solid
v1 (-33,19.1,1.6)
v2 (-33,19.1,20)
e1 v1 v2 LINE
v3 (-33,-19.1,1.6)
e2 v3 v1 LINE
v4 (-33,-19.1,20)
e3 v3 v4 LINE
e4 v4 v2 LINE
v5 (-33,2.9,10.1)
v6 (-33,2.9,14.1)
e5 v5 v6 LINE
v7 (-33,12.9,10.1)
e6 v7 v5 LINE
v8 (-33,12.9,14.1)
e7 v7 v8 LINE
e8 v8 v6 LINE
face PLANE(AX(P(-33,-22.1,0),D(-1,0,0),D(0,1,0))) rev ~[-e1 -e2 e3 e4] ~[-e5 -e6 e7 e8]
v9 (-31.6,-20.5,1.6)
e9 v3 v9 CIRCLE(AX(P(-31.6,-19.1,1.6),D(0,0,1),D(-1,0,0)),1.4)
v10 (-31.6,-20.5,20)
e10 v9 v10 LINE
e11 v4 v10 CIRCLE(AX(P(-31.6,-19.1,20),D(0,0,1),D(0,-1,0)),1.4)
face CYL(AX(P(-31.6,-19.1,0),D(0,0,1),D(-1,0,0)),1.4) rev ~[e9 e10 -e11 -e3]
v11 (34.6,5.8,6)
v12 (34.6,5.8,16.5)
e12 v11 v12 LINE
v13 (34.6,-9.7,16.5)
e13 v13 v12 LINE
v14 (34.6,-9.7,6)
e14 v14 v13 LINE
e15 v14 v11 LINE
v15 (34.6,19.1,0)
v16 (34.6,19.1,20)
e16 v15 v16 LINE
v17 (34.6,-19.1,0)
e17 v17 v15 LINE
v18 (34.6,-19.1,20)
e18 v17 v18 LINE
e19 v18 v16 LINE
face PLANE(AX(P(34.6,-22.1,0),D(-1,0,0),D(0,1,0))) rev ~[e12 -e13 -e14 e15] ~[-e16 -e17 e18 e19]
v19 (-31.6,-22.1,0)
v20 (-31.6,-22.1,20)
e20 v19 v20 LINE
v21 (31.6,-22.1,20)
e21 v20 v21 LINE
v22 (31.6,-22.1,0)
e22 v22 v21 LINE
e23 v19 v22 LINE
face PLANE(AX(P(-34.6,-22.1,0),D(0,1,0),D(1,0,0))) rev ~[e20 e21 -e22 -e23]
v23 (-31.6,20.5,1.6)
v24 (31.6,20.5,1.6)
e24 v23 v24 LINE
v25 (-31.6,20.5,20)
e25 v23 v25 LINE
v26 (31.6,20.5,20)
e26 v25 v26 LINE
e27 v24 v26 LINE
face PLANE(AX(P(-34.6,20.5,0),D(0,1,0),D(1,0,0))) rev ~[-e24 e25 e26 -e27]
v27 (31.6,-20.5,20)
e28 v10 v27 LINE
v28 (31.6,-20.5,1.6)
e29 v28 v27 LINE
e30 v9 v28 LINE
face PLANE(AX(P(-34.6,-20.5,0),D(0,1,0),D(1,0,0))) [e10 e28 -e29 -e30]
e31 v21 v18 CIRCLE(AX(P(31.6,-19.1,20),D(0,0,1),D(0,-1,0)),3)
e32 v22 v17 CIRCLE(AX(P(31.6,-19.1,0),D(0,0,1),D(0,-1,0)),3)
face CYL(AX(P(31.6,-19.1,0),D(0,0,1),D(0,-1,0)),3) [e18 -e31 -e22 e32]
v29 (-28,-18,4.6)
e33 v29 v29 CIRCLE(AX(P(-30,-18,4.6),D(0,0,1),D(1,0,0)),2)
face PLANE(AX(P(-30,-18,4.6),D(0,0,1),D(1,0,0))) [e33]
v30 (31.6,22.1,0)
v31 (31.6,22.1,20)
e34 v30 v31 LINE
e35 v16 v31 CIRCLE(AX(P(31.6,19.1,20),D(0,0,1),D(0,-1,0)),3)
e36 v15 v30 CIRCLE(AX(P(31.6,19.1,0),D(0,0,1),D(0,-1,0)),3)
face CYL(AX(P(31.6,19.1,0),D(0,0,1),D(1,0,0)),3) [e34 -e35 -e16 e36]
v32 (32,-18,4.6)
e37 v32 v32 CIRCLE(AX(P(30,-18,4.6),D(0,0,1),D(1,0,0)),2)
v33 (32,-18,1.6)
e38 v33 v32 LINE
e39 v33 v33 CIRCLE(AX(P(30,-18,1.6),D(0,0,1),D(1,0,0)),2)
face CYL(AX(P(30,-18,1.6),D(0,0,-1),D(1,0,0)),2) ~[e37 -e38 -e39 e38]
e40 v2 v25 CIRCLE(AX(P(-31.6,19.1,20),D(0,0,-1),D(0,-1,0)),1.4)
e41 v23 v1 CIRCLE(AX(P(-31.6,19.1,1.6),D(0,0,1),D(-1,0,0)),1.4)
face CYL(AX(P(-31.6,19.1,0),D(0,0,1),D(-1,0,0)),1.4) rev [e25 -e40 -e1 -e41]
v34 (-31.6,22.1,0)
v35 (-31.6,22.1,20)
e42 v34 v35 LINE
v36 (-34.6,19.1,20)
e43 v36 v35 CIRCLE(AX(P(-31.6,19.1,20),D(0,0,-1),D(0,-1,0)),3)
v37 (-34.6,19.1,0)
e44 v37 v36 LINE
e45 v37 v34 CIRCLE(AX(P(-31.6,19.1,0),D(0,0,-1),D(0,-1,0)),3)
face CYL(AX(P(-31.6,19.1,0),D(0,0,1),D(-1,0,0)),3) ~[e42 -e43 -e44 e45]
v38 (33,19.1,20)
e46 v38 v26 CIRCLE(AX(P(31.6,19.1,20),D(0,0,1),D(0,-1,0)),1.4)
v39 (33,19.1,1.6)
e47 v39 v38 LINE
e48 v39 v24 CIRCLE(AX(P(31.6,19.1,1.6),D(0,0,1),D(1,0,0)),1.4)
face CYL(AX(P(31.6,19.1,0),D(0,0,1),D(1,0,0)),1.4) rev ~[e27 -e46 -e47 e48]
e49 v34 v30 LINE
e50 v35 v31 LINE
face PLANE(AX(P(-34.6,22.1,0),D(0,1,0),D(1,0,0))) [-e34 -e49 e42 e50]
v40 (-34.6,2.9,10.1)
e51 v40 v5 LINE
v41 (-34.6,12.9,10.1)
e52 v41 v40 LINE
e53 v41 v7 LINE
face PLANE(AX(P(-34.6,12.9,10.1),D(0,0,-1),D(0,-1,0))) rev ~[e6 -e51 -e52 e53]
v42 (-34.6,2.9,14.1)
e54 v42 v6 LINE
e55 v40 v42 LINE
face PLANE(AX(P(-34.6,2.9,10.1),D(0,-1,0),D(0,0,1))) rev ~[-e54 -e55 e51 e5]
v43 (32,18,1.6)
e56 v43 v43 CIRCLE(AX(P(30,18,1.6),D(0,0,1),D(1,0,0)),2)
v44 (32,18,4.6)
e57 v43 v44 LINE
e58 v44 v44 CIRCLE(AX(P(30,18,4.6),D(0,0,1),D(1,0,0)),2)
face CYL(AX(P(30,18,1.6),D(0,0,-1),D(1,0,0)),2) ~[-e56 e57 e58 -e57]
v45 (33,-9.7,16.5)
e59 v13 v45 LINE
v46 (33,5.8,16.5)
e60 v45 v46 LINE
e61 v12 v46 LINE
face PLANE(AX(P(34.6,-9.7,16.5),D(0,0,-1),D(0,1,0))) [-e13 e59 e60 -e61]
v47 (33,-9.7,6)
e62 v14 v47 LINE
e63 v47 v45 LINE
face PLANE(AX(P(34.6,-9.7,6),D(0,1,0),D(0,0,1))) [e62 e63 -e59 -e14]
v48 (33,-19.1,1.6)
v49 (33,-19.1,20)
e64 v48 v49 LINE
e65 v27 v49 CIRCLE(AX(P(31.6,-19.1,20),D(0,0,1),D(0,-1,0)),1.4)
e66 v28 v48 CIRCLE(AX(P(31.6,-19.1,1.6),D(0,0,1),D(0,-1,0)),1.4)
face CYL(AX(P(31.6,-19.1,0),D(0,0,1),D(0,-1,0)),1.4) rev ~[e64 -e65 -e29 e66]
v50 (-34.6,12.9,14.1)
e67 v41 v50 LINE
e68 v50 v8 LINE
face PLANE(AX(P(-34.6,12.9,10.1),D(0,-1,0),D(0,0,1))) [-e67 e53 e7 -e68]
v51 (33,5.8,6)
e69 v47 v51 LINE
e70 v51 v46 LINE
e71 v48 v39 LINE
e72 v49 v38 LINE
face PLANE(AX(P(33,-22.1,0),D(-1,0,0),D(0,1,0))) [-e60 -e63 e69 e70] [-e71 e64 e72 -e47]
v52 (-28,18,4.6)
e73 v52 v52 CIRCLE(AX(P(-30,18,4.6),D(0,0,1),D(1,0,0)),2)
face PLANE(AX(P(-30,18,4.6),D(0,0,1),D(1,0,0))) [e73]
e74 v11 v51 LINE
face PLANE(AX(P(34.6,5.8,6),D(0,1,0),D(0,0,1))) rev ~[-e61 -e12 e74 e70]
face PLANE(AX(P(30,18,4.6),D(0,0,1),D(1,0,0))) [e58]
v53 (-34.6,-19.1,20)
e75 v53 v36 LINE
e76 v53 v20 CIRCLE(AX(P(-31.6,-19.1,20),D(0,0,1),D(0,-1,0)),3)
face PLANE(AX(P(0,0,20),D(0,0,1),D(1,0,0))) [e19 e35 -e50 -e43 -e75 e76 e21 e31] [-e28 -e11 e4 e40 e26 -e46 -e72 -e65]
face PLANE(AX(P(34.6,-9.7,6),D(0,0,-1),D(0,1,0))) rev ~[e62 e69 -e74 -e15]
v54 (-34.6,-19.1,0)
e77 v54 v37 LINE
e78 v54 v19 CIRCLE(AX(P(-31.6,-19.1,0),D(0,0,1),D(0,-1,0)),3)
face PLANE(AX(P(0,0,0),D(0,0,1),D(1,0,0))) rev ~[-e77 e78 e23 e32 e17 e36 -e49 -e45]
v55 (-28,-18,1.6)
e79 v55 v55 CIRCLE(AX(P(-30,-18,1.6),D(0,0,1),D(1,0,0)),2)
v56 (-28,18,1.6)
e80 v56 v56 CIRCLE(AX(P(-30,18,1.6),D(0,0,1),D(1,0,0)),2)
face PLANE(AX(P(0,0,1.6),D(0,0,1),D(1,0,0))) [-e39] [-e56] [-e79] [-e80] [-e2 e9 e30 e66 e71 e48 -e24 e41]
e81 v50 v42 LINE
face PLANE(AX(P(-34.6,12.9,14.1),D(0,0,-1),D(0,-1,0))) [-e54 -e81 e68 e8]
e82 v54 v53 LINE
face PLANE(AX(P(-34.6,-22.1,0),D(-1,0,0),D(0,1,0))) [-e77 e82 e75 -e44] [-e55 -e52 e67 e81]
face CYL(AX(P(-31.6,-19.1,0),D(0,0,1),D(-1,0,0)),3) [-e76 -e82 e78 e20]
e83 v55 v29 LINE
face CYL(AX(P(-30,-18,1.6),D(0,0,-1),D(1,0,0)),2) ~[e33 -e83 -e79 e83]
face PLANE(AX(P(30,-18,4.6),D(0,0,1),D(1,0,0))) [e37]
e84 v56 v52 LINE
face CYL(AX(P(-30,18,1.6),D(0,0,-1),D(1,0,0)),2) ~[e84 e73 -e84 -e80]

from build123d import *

# Parameters (mm, degrees)
F0_W     = 69.2
F0_H     = 44.2
F1_DEPTH = 20
F2_R     = 3
F3_T     = -1.6
F4_R     = 2
F5_DEPTH = 3
F6_W     = 15.5
F6_H     = 10.5
F7_DEPTH = 1.6
F8_W     = 10
F8_H     = 4
F9_DEPTH = 1.6


with BuildPart() as f1:
    # F0 (on Top) → F1 (new body)
    with BuildSketch(Plane.XY):
        Rectangle(F0_W, F0_H)
    extrude(amount=F1_DEPTH)

    # F2
    f2_edges = [f1.edges().sort_by_distance(p)[0] for p in [
        (34.6, -22.1, 10),
        (34.6, 22.1, 10),
        (-34.6, 22.1, 10),
        (-34.6, -22.1, 10),
    ]]
    fillet(f2_edges, radius=F2_R)

    # F3
    f3_openings = [f1.faces().sort_by_distance(p)[0] for p in [
        (0, 0, 20),
    ]]
    offset(amount=F3_T, openings=f3_openings)

    # F4 (on face) → F5 (join)
    with BuildSketch(Plane.XY.offset(1.6)):
        with Locations((-30, 18)):
            Circle(F4_R)
        with Locations((30, 18)):
            Circle(F4_R)
        with Locations((30, -18)):
            Circle(F4_R)
        with Locations((-30, -18)):
            Circle(F4_R)
    extrude(amount=F5_DEPTH)

    # F6 (on face) → F7 (cut, through all)
    with BuildSketch(Plane.YZ.offset(34.6)):
        with Locations((-1.95, 11.25)):
            Rectangle(F6_W, F6_H)
    extrude(amount=-F7_DEPTH, mode=Mode.SUBTRACT)

    # F8 (on face) → F9 (cut, through all)
    with BuildSketch(Plane(origin=(-34.6, 0, 0), x_dir=(0, -1, 0), z_dir=(-1, 0, 0))):
        with Locations((-7.9, 12.1)):
            Rectangle(F8_W, F8_H)
    extrude(amount=-F9_DEPTH, mode=Mode.SUBTRACT)


solid = f1.part
